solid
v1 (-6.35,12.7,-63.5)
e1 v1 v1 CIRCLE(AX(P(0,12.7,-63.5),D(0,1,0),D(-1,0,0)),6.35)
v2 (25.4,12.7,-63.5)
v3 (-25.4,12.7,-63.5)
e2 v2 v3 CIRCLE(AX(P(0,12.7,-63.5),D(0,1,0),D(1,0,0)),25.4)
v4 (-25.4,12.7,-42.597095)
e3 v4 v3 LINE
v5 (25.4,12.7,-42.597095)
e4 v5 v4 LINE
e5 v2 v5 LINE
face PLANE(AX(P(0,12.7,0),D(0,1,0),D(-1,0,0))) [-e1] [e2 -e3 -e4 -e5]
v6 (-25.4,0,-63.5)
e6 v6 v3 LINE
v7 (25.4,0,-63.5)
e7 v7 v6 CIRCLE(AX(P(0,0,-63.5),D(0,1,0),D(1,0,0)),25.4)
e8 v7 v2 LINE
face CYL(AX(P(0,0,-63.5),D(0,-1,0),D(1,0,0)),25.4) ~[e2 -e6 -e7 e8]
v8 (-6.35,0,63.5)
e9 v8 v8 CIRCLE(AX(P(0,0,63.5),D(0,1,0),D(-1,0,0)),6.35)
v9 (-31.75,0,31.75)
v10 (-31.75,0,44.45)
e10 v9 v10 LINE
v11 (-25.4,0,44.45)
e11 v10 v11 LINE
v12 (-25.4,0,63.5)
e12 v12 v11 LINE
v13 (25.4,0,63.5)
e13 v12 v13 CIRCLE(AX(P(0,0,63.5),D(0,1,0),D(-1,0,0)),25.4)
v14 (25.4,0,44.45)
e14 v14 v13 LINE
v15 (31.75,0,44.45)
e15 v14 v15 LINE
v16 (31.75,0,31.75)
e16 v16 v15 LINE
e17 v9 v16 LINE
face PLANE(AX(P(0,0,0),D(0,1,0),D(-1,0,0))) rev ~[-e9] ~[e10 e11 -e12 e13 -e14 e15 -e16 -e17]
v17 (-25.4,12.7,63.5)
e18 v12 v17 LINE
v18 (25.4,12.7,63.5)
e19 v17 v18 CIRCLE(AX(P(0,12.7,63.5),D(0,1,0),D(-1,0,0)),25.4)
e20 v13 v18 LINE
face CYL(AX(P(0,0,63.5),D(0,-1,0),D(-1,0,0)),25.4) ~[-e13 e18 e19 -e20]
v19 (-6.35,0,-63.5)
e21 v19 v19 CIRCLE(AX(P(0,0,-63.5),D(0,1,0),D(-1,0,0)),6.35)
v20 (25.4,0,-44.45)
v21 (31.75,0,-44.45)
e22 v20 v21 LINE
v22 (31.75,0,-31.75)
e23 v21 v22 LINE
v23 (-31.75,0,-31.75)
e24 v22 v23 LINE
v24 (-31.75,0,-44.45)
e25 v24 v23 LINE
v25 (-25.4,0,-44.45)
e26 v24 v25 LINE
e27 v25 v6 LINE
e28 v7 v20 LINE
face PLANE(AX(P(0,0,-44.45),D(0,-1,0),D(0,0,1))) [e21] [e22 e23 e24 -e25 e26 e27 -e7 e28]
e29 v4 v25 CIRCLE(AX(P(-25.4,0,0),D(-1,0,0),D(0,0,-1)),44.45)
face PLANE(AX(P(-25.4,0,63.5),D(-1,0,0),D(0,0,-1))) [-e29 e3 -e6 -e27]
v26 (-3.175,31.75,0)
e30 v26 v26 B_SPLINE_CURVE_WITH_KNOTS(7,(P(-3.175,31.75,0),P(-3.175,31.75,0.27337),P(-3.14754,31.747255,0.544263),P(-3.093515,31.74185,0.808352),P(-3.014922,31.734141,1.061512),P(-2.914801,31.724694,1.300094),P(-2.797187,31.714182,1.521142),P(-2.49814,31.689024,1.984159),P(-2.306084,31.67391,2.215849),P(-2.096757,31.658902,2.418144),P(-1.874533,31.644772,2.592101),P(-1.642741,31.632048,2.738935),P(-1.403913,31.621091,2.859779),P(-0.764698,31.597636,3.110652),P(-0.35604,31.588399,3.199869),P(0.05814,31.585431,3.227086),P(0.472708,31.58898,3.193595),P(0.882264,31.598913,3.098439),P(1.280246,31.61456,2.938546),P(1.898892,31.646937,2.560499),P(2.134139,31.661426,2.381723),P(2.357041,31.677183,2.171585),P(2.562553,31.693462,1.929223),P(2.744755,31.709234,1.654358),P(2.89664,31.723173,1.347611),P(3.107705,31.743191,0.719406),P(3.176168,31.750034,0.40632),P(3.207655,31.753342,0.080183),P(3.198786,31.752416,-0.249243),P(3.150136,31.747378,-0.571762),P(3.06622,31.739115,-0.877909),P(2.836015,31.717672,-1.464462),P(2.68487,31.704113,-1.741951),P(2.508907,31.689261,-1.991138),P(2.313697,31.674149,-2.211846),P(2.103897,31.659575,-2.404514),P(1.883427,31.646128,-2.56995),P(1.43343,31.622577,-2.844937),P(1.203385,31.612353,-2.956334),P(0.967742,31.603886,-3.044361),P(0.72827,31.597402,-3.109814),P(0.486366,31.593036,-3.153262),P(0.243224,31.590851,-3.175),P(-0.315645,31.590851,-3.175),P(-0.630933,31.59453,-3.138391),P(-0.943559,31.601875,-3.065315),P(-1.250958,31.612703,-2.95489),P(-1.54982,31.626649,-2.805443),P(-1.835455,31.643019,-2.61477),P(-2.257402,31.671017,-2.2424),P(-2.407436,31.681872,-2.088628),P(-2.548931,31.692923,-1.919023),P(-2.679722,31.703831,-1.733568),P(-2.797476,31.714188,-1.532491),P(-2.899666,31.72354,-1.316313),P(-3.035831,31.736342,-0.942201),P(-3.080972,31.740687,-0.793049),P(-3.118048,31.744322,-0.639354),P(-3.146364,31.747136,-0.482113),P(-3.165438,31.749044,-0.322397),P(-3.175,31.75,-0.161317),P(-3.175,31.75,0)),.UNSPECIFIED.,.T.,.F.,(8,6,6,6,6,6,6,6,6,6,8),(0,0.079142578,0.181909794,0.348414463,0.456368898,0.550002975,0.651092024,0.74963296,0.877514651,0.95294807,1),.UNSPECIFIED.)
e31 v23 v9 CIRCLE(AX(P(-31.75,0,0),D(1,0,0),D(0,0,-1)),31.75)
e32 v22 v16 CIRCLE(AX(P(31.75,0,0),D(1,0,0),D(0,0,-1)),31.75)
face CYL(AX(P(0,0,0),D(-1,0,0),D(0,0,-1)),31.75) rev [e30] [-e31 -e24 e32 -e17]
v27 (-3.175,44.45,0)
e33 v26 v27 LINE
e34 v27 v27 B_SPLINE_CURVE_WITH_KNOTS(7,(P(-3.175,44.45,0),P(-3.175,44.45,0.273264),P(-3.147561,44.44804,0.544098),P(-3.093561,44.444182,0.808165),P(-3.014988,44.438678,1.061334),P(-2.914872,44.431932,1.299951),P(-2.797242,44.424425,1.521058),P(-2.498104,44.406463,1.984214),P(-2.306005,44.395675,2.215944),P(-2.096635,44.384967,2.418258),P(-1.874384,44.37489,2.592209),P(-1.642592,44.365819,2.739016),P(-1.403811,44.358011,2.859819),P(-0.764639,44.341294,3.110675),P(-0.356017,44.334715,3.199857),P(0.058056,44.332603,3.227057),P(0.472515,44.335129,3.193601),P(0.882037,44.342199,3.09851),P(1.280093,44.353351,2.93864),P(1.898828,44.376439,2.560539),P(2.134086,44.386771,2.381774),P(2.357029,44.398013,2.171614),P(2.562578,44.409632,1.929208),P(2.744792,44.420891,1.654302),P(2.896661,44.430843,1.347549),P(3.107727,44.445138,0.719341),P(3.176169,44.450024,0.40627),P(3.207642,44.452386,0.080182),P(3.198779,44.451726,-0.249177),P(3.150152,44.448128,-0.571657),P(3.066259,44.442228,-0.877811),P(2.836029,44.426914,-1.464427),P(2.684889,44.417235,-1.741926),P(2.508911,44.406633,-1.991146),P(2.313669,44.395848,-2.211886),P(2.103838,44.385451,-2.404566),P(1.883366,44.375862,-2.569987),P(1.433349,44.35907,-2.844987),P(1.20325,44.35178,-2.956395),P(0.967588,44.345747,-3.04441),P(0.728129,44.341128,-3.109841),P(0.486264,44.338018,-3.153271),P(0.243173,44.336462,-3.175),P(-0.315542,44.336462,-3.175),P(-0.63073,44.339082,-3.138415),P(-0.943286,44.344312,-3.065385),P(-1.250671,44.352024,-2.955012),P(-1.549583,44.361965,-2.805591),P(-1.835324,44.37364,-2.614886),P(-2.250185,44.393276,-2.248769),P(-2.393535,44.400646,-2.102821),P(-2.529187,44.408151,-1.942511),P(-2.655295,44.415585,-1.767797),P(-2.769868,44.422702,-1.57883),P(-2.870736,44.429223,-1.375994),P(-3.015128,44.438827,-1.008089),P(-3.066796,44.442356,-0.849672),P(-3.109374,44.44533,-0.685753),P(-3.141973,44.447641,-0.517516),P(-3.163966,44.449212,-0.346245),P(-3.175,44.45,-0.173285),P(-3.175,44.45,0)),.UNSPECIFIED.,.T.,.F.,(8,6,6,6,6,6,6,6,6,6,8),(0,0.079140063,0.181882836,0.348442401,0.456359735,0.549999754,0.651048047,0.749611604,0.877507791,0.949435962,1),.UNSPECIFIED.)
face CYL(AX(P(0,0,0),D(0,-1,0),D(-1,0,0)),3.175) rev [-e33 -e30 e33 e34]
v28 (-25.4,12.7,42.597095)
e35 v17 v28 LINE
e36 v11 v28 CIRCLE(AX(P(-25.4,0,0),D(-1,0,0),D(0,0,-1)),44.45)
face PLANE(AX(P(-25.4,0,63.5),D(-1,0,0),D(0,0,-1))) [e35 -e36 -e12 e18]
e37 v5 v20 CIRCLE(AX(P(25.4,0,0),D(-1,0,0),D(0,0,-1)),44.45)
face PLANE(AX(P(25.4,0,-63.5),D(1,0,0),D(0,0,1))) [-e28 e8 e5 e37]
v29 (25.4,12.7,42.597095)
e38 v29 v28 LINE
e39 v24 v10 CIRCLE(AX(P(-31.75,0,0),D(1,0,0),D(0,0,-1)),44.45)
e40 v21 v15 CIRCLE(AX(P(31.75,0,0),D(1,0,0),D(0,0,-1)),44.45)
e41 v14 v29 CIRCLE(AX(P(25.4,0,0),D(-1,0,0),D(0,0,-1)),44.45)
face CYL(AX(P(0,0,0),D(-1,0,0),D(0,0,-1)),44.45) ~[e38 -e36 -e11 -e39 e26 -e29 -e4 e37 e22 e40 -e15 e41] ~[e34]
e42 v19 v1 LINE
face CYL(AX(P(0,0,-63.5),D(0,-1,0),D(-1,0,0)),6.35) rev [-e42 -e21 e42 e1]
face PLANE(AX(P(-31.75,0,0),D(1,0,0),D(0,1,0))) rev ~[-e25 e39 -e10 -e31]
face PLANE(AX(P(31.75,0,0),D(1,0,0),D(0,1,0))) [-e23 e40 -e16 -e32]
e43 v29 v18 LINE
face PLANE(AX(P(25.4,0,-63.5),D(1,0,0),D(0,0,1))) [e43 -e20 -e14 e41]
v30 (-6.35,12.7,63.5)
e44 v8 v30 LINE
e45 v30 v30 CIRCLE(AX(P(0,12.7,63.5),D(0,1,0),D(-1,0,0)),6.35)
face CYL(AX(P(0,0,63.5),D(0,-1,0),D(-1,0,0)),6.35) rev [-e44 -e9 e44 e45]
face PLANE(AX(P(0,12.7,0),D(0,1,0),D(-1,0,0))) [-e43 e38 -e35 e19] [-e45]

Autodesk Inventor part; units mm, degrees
ref_plane "YZ Plane" through (0, 0, 0) normal (1, 0, 0) x (0, 1, 0)
ref_plane "XZ Plane" through (0, 0, 0) normal (0, 1, 0) x (-1, 0, 0)
ref_plane "XY Plane" through (0, 0, 0) normal (0, 0, 1) x (1, 0, 0)
sketch "Sketch1" plane through (0, 0, 0) normal (0, 1, 0) x (-1, 0, 0)
  line L0 (0, 88.9) -> (0, -88.9) construction
  line L1 (25.4, 63.5) -> (25.4, -63.5)
  line L2 (-25.4, -63.5) -> (-25.4, 63.5)
  arc A0 (25.4, 63.5) -> (-25.4, 63.5) centre (0, 63.5) ccw
  arc A1 (-25.4, -63.5) -> (25.4, -63.5) centre (0, -63.5) ccw
  circle A2 centre (0, 63.5) radius 6.35
  circle A3 centre (0, -63.5) radius 6.35
  point P0 (0, 0)
  point P1 (0, 0)
  dimension "d0" = 127
  dimension "d1" = 12.7
  dimension "d2" = 12.7
  dimension "d3" = 25.4
extrude "BASE" add sketch "Sketch1" along normal blind 12.7
sketch "Sketch2" plane through (0, 0, 0) normal (1, 0, 0) x (0, 1, 0)
  arc A0 (0, -44.45) -> (0, 44.45) centre (0, 0) ccw
  arc A1 (0, -31.75) -> (0, 31.75) centre (0, 0) ccw
  line L0 (0, -63.5) -> (0, 63.5) projected
  dimension "d7" = 44.45
  dimension "d8" = 31.75
extrude "REMOVED CENTER OF BASE" cut sketch "Sketch2" along normal through all both and the other way through all contours L0 A1
extrude "ARCH" add sketch "Sketch2" along normal mid plane 63.5 contours L0 A1 A0
sketch "Sketch3" plane through (0, 0, 0) normal (0, 1, 0) x (-1, 0, 0)
  circle A0 centre (0, 0) radius 3.175
  dimension "d13" = 6.35
extrude "TOPHOLE" cut sketch "Sketch3" along normal through all
equation "\"d2\" = d1"
properties part number "ASN8-TUT-BK" material "Water"
